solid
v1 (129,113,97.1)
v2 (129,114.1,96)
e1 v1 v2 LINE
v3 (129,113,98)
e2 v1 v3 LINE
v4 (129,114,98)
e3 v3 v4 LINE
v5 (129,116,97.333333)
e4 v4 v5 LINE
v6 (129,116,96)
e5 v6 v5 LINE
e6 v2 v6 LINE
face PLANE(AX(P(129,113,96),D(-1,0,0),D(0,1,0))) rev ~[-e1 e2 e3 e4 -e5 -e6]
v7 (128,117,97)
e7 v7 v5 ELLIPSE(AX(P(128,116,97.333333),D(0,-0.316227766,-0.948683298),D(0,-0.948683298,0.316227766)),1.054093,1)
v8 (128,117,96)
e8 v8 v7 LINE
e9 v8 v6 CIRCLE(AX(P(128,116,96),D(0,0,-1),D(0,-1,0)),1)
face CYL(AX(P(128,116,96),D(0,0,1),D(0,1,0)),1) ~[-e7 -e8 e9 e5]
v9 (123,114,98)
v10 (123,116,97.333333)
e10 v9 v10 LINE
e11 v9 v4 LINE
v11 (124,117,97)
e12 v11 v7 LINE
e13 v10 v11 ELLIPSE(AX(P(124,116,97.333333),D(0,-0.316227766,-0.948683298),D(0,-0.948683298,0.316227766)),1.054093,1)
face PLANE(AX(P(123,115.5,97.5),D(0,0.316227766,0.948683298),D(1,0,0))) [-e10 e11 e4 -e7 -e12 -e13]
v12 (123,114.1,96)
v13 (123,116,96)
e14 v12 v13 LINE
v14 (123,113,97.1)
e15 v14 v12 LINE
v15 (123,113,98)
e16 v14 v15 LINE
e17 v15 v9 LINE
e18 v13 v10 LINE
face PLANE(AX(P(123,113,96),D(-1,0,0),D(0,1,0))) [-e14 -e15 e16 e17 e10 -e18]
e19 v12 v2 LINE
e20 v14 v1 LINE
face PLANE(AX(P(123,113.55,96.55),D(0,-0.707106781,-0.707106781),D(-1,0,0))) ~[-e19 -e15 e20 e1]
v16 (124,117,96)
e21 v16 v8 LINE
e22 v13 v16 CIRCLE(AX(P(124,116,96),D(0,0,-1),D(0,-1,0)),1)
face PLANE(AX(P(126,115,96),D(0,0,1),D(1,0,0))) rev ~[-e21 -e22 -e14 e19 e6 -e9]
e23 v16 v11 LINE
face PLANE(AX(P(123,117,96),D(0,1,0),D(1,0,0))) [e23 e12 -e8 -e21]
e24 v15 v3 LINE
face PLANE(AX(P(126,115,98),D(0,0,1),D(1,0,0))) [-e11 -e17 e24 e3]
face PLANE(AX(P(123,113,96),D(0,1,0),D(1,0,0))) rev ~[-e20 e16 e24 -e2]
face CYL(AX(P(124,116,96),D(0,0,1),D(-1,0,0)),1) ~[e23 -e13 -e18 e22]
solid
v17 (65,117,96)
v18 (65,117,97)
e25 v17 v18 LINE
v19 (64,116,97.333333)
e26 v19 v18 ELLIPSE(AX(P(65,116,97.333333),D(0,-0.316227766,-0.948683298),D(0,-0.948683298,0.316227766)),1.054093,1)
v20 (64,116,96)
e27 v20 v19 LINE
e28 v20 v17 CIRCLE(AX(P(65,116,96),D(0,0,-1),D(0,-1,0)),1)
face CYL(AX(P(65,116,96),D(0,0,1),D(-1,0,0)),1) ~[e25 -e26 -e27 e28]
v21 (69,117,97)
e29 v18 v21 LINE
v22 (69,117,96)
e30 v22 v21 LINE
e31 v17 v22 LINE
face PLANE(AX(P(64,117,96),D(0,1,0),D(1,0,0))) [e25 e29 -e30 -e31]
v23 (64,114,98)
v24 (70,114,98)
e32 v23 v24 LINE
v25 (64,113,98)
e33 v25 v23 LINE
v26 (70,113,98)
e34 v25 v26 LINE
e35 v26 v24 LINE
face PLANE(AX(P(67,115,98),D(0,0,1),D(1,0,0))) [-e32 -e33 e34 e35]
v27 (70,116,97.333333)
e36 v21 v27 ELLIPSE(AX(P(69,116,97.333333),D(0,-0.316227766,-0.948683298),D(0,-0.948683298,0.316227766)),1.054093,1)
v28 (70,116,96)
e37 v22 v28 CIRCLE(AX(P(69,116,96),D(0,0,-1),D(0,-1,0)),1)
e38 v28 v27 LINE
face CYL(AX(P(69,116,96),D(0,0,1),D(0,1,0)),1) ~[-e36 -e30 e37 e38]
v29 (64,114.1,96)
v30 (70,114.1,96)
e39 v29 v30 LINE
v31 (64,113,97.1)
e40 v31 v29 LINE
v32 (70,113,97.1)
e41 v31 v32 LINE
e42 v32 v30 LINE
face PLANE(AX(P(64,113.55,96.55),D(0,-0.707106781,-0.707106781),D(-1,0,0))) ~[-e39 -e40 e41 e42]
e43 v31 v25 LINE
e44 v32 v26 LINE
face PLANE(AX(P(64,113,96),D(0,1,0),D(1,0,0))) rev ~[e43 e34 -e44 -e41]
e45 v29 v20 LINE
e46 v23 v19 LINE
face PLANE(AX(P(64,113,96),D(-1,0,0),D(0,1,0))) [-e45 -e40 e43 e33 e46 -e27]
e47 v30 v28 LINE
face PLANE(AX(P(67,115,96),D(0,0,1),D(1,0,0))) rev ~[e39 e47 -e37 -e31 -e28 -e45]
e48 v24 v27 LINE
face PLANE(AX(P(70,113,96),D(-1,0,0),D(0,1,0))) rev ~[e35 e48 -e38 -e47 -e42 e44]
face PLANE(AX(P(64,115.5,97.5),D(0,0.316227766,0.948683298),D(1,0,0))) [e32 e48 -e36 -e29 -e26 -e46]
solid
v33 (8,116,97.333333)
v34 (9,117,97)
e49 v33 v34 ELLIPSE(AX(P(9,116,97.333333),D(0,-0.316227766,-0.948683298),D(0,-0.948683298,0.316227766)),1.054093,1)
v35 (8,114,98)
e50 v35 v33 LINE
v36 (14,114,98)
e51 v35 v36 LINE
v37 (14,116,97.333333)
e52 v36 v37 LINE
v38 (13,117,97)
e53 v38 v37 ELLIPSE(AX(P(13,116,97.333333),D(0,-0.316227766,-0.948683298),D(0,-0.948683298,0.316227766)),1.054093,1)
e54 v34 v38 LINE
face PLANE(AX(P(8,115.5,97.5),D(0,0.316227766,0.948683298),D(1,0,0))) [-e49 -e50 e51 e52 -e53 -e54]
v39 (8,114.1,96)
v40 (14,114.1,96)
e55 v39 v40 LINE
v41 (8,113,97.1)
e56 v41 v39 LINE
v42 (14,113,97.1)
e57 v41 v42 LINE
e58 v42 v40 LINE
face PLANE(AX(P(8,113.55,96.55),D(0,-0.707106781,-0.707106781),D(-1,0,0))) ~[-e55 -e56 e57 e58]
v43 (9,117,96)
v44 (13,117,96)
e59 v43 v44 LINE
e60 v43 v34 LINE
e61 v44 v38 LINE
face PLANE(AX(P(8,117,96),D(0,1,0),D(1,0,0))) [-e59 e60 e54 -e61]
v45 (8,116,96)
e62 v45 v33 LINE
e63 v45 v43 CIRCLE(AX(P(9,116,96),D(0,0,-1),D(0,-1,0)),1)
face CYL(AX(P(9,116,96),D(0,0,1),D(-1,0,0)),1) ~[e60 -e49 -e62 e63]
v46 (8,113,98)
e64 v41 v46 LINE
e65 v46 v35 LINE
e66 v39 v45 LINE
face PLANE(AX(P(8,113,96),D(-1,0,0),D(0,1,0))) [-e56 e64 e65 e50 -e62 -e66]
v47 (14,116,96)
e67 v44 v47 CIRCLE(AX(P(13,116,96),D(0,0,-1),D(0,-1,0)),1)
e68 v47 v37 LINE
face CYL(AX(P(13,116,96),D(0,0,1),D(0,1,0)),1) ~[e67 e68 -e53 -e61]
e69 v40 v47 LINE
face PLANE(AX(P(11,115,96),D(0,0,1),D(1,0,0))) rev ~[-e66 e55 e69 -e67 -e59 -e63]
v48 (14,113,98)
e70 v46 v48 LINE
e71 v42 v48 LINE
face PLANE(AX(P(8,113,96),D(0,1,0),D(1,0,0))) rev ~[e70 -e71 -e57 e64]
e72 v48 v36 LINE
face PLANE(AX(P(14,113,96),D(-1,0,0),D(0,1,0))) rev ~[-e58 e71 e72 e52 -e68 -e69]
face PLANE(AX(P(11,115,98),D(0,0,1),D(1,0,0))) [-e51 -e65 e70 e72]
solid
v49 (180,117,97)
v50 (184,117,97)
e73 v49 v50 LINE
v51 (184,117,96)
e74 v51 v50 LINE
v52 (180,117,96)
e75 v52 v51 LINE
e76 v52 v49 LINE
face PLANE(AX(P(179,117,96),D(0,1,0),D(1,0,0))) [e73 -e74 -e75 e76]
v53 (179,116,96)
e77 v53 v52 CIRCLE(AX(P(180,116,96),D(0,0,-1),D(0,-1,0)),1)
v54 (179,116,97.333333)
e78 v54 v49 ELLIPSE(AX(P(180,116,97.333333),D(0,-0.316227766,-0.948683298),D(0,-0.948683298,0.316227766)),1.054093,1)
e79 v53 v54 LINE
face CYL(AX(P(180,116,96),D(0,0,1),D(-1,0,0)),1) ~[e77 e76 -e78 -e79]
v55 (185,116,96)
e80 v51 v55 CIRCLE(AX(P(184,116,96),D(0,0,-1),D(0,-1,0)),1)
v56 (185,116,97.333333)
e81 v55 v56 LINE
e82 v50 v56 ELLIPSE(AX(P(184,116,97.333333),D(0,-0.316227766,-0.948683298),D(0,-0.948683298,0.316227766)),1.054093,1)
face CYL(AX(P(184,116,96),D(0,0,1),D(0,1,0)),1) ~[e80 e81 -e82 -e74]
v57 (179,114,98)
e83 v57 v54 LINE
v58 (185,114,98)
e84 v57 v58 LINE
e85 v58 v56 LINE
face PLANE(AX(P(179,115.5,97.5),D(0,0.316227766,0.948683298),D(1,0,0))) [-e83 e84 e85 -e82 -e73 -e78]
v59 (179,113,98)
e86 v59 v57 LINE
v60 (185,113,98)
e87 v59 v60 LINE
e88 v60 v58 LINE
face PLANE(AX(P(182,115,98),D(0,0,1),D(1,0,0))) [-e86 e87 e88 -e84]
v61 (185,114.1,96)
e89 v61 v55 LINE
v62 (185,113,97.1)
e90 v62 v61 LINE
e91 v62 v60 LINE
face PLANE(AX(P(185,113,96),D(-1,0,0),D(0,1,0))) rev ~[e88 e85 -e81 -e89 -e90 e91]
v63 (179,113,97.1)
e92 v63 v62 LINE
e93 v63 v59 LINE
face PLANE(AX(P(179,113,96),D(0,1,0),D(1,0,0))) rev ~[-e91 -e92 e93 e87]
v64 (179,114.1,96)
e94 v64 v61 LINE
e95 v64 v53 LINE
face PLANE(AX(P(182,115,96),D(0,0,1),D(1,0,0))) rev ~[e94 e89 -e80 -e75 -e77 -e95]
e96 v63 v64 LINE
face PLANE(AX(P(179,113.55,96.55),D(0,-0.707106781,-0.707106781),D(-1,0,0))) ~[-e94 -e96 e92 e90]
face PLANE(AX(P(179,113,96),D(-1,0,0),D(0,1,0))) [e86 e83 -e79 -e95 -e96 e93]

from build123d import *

# Parameters (mm, degrees)
BOX085189_W                  = 6
BOX085189_H                  = 4
BOX085189_DEPTH              = 2
CHAMFER011006003017072_SIZE  = 1.1
CHAMFER011006003017073_SIZE2 = 1
CHAMFER011006003017073_SIZE  = 3
BOX085188_W                  = 6
BOX085188_H                  = 4
BOX085188_DEPTH              = 2
CHAMFER011006003017070_SIZE  = 1.1
CHAMFER011006003017071_SIZE2 = 1
CHAMFER011006003017071_SIZE  = 3
BOX085187_W                  = 6
BOX085187_H                  = 4
BOX085187_DEPTH              = 2
CHAMFER011006003017068_SIZE  = 1.1
CHAMFER011006003017069_SIZE2 = 1
CHAMFER011006003017069_SIZE  = 3
BOX085190_W                  = 6
BOX085190_H                  = 4
BOX085190_DEPTH              = 2
CHAMFER011006003017074_SIZE  = 1.1
CHAMFER011006003017075_SIZE2 = 1
CHAMFER011006003017075_SIZE  = 3
FILLET005011017082051_R      = 1


with BuildPart() as chamfer011006003017073:
    # Box085189 → Box085189 (new body)
    with BuildSketch(Plane(origin=(123, 113, 96), x_dir=(1, 0, 0), z_dir=(0, 0, 1))):
        with Locations((3, 2)):
            Rectangle(BOX085189_W, BOX085189_H)
    extrude(amount=BOX085189_DEPTH)

    # Chamfer011006003017072
    chamfer011006003017072_edges = [chamfer011006003017073.edges().sort_by_distance(p)[0] for p in [
        (126, 113, 96),
    ]]
    chamfer(chamfer011006003017072_edges, length=CHAMFER011006003017072_SIZE)

    # Chamfer011006003017073
    chamfer011006003017073_edges = [chamfer011006003017073.edges().sort_by_distance(p)[0] for p in [
        (126, 117, 98),
    ]]
    chamfer011006003017073_side = chamfer011006003017073.faces().sort_by_distance((126, 115, 98))[0]
    chamfer(chamfer011006003017073_edges, length=CHAMFER011006003017073_SIZE, length2=CHAMFER011006003017073_SIZE2, reference=chamfer011006003017073_side)


with BuildPart() as chamfer011006003017071:
    # Box085188 → Box085188 (new body)
    with BuildSketch(Plane(origin=(64, 113, 96), x_dir=(1, 0, 0), z_dir=(0, 0, 1))):
        with Locations((3, 2)):
            Rectangle(BOX085188_W, BOX085188_H)
    extrude(amount=BOX085188_DEPTH)

    # Chamfer011006003017070
    chamfer011006003017070_edges = [chamfer011006003017071.edges().sort_by_distance(p)[0] for p in [
        (67, 113, 96),
    ]]
    chamfer(chamfer011006003017070_edges, length=CHAMFER011006003017070_SIZE)

    # Chamfer011006003017071
    chamfer011006003017071_edges = [chamfer011006003017071.edges().sort_by_distance(p)[0] for p in [
        (67, 117, 98),
    ]]
    chamfer011006003017071_side = chamfer011006003017071.faces().sort_by_distance((67, 115, 98))[0]
    chamfer(chamfer011006003017071_edges, length=CHAMFER011006003017071_SIZE, length2=CHAMFER011006003017071_SIZE2, reference=chamfer011006003017071_side)


with BuildPart() as chamfer011006003017069:
    # Box085187 → Box085187 (new body)
    with BuildSketch(Plane(origin=(8, 113, 96), x_dir=(1, 0, 0), z_dir=(0, 0, 1))):
        with Locations((3, 2)):
            Rectangle(BOX085187_W, BOX085187_H)
    extrude(amount=BOX085187_DEPTH)

    # Chamfer011006003017068
    chamfer011006003017068_edges = [chamfer011006003017069.edges().sort_by_distance(p)[0] for p in [
        (11, 113, 96),
    ]]
    chamfer(chamfer011006003017068_edges, length=CHAMFER011006003017068_SIZE)

    # Chamfer011006003017069
    chamfer011006003017069_edges = [chamfer011006003017069.edges().sort_by_distance(p)[0] for p in [
        (11, 117, 98),
    ]]
    chamfer011006003017069_side = chamfer011006003017069.faces().sort_by_distance((11, 115, 98))[0]
    chamfer(chamfer011006003017069_edges, length=CHAMFER011006003017069_SIZE, length2=CHAMFER011006003017069_SIZE2, reference=chamfer011006003017069_side)


with BuildPart() as top_tabs:
    # Box085190 → Box085190 (new body)
    with BuildSketch(Plane(origin=(179, 113, 96), x_dir=(1, 0, 0), z_dir=(0, 0, 1))):
        with Locations((3, 2)):
            Rectangle(BOX085190_W, BOX085190_H)
    extrude(amount=BOX085190_DEPTH)

    # Chamfer011006003017074
    chamfer011006003017074_edges = [top_tabs.edges().sort_by_distance(p)[0] for p in [
        (182, 113, 96),
    ]]
    chamfer(chamfer011006003017074_edges, length=CHAMFER011006003017074_SIZE)

    # Chamfer011006003017075
    chamfer011006003017075_edges = [top_tabs.edges().sort_by_distance(p)[0] for p in [
        (182, 117, 98),
    ]]
    chamfer011006003017075_side = top_tabs.faces().sort_by_distance((182, 115, 98))[0]
    chamfer(chamfer011006003017075_edges, length=CHAMFER011006003017075_SIZE, length2=CHAMFER011006003017075_SIZE2, reference=chamfer011006003017075_side)

    # Fusion004008002002002001007002002026012042: union Chamfer011006003017073, Chamfer011006003017071, Chamfer011006003017069
    add(chamfer011006003017073.part)
    add(chamfer011006003017071.part)
    add(chamfer011006003017069.part)

    # Fillet005011017082051
    fillet005011017082051_edges = [top_tabs.edges().sort_by_distance(p)[0] for p in [
        (179, 117, 96.5),
        (185, 117, 96.5),
        (123, 117, 96.5),
        (129, 117, 96.5),
        (64, 117, 96.5),
        (70, 117, 96.5),
        (8, 117, 96.5),
        (14, 117, 96.5),
    ]]
    fillet(fillet005011017082051_edges, radius=FILLET005011017082051_R)


solid = top_tabs.part
